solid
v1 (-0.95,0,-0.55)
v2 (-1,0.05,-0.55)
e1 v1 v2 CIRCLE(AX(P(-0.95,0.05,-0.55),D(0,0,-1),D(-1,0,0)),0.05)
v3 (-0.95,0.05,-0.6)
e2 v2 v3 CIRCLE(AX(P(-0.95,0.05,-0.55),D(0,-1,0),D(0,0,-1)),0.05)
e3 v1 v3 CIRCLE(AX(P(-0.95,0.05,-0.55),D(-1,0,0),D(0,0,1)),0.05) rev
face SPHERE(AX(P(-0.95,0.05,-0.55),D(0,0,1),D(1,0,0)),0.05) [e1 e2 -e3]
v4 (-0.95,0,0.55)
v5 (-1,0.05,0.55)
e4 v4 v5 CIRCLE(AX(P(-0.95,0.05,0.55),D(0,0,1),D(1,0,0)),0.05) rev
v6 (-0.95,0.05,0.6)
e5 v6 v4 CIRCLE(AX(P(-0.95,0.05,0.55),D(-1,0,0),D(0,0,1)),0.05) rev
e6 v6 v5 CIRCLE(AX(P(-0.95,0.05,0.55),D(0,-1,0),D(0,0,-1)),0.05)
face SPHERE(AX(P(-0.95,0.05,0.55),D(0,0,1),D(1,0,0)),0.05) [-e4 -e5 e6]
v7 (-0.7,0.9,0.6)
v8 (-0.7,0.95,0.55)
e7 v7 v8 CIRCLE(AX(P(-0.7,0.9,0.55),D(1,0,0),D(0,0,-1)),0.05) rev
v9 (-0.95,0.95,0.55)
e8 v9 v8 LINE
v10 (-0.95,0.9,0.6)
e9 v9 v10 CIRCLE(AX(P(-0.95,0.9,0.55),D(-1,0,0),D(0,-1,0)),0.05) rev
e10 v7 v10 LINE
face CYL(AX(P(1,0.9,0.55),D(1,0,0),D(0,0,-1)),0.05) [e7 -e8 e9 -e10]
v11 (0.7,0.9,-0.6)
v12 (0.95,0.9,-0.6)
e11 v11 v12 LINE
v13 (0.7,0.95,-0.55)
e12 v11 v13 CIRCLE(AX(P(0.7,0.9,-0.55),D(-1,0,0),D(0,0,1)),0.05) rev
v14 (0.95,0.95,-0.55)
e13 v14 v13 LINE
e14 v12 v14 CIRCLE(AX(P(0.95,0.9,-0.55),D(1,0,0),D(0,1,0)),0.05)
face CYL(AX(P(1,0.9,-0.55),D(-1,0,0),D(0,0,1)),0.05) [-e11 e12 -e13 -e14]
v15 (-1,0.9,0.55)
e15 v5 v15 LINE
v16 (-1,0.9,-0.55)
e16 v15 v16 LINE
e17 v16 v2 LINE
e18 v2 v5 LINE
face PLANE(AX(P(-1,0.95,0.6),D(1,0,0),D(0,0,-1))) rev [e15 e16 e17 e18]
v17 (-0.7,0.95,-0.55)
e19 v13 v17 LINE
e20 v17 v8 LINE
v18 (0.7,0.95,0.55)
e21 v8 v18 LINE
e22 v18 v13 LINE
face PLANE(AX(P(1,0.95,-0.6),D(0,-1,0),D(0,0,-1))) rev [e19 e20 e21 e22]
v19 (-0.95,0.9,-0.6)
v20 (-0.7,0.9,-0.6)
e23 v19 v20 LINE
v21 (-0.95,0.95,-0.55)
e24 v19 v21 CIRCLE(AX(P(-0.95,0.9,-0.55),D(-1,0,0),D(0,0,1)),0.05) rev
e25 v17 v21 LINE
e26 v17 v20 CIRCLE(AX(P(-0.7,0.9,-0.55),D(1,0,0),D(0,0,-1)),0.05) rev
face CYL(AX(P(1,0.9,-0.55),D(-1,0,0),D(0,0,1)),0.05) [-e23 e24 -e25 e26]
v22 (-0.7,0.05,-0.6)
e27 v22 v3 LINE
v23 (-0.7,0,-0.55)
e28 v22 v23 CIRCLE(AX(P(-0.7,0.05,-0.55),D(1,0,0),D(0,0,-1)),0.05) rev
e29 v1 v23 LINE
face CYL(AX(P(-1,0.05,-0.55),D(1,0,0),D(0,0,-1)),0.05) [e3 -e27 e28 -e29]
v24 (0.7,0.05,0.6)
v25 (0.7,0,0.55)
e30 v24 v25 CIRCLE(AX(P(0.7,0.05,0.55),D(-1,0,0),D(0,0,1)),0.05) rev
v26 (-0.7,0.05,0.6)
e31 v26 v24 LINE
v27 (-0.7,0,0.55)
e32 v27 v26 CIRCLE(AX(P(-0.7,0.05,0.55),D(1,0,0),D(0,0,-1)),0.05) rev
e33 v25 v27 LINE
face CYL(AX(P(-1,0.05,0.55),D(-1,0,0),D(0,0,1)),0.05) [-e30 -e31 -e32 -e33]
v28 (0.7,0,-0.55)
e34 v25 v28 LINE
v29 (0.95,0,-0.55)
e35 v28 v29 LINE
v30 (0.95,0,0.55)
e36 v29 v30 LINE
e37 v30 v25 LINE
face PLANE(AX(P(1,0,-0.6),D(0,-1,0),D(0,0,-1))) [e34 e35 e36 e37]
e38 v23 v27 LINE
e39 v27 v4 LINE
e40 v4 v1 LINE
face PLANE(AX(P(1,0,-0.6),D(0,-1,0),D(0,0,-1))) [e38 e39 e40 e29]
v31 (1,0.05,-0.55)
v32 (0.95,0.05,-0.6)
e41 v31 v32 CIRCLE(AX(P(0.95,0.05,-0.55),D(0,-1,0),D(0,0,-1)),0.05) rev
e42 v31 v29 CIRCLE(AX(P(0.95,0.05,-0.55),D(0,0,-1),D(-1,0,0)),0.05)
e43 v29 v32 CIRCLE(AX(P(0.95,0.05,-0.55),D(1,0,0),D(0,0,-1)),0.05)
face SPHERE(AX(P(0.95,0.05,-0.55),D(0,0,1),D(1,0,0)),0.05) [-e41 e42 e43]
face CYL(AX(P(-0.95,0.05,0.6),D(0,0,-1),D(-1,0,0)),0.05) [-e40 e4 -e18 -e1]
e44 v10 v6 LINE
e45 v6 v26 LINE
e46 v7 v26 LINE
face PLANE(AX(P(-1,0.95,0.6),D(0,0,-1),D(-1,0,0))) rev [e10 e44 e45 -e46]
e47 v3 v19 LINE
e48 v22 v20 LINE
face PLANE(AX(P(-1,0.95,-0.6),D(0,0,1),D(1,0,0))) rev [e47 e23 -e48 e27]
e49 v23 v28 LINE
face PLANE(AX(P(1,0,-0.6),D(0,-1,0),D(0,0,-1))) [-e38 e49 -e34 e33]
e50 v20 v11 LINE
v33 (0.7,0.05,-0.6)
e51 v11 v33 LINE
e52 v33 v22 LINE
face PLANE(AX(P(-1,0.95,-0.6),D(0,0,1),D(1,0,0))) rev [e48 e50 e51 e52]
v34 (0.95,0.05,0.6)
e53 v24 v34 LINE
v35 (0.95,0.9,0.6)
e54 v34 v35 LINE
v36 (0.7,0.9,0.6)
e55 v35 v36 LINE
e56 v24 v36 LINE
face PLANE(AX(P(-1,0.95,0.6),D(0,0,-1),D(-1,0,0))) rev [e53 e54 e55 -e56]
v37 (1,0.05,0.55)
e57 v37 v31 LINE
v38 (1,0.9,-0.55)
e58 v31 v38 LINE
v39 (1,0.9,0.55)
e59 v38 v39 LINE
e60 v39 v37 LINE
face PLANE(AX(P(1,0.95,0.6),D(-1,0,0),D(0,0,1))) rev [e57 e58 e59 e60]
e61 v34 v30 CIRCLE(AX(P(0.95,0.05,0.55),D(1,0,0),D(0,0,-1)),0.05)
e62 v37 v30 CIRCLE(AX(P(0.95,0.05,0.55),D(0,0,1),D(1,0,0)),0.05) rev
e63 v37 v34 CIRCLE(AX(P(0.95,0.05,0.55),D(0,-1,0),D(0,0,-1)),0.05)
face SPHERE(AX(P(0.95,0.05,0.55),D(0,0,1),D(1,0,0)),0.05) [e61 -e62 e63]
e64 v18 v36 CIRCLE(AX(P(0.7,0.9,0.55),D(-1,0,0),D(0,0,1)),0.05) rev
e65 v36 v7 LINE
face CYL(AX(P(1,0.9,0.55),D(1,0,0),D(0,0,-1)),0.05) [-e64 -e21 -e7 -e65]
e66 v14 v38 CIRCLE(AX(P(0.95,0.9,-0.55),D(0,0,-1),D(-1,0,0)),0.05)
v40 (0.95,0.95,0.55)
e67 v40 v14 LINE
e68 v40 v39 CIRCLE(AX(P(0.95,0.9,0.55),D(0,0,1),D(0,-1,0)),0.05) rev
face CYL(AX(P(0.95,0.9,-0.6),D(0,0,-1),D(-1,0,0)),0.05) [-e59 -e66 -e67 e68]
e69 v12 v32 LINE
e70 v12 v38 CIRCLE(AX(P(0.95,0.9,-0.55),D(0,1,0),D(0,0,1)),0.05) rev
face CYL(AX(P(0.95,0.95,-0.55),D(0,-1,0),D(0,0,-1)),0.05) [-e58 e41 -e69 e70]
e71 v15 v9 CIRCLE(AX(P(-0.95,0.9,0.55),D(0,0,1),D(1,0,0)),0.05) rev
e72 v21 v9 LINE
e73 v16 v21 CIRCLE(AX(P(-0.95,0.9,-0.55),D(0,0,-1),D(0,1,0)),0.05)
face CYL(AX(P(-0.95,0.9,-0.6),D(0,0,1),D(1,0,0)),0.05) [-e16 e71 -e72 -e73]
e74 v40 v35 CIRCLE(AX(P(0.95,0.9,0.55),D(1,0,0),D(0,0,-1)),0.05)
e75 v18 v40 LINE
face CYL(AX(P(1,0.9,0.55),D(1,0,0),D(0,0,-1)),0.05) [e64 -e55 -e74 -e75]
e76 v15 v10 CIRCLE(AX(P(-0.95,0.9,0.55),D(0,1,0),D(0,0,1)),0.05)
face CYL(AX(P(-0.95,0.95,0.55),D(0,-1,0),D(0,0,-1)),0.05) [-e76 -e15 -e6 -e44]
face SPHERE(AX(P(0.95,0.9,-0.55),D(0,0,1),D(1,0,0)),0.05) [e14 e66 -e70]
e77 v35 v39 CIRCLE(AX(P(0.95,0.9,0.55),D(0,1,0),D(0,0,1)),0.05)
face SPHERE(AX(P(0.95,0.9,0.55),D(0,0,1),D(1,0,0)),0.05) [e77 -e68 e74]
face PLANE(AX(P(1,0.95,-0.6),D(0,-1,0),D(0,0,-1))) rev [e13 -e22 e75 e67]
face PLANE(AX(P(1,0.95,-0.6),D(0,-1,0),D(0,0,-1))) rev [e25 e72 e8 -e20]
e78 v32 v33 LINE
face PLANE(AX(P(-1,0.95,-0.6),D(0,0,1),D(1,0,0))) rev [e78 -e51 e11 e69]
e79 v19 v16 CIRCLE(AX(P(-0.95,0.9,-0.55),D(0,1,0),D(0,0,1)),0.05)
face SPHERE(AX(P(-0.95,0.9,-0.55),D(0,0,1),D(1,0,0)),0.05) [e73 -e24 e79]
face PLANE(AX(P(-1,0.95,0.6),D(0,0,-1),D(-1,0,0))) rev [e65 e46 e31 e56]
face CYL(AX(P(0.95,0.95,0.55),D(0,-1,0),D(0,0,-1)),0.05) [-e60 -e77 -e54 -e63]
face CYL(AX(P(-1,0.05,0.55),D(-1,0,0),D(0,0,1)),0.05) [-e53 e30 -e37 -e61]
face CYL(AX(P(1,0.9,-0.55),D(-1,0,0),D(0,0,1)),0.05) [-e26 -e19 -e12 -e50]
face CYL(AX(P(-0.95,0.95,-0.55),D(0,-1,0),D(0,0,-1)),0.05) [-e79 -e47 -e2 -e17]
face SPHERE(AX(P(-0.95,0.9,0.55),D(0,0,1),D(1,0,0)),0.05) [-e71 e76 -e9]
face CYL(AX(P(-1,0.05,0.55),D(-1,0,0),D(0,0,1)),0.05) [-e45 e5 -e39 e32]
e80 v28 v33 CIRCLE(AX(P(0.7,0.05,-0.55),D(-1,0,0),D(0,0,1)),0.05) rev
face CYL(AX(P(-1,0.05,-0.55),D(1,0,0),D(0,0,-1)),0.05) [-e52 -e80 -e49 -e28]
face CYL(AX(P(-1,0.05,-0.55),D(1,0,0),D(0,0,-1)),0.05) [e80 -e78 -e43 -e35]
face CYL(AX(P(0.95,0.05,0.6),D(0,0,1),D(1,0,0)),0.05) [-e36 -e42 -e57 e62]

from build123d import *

# Parameters (mm, degrees)
SKETCH1_W      = 2
SKETCH1_H      = 1.2
EXTRUDE1_DEPTH = 0.95
FILLET1_R      = 0.05


with BuildPart() as part:
    # Sketch1 → Extrude1 (new body)
    with BuildSketch(Plane(origin=(0, 0, 0), x_dir=(1, 0, 0), z_dir=(0, 1, 0))):
        Rectangle(SKETCH1_W, SKETCH1_H)
    extrude(amount=EXTRUDE1_DEPTH)

    # Fillet1
    fillet1_edges = [part.edges().sort_by_distance(p)[0] for p in [
        (-1, 0.95, 0),
        (0, 0.95, 0.6),
        (1, 0.95, 0),
        (0, 0, 0.6),
        (-1, 0, 0),
        (0, 0, -0.6),
        (1, 0, 0),
        (0, 0.95, -0.6),
        (1, 0.475, 0.6),
        (-1, 0.475, 0.6),
        (-1, 0.475, -0.6),
        (1, 0.475, -0.6),
    ]]
    fillet(fillet1_edges, radius=FILLET1_R)


solid = part.part
